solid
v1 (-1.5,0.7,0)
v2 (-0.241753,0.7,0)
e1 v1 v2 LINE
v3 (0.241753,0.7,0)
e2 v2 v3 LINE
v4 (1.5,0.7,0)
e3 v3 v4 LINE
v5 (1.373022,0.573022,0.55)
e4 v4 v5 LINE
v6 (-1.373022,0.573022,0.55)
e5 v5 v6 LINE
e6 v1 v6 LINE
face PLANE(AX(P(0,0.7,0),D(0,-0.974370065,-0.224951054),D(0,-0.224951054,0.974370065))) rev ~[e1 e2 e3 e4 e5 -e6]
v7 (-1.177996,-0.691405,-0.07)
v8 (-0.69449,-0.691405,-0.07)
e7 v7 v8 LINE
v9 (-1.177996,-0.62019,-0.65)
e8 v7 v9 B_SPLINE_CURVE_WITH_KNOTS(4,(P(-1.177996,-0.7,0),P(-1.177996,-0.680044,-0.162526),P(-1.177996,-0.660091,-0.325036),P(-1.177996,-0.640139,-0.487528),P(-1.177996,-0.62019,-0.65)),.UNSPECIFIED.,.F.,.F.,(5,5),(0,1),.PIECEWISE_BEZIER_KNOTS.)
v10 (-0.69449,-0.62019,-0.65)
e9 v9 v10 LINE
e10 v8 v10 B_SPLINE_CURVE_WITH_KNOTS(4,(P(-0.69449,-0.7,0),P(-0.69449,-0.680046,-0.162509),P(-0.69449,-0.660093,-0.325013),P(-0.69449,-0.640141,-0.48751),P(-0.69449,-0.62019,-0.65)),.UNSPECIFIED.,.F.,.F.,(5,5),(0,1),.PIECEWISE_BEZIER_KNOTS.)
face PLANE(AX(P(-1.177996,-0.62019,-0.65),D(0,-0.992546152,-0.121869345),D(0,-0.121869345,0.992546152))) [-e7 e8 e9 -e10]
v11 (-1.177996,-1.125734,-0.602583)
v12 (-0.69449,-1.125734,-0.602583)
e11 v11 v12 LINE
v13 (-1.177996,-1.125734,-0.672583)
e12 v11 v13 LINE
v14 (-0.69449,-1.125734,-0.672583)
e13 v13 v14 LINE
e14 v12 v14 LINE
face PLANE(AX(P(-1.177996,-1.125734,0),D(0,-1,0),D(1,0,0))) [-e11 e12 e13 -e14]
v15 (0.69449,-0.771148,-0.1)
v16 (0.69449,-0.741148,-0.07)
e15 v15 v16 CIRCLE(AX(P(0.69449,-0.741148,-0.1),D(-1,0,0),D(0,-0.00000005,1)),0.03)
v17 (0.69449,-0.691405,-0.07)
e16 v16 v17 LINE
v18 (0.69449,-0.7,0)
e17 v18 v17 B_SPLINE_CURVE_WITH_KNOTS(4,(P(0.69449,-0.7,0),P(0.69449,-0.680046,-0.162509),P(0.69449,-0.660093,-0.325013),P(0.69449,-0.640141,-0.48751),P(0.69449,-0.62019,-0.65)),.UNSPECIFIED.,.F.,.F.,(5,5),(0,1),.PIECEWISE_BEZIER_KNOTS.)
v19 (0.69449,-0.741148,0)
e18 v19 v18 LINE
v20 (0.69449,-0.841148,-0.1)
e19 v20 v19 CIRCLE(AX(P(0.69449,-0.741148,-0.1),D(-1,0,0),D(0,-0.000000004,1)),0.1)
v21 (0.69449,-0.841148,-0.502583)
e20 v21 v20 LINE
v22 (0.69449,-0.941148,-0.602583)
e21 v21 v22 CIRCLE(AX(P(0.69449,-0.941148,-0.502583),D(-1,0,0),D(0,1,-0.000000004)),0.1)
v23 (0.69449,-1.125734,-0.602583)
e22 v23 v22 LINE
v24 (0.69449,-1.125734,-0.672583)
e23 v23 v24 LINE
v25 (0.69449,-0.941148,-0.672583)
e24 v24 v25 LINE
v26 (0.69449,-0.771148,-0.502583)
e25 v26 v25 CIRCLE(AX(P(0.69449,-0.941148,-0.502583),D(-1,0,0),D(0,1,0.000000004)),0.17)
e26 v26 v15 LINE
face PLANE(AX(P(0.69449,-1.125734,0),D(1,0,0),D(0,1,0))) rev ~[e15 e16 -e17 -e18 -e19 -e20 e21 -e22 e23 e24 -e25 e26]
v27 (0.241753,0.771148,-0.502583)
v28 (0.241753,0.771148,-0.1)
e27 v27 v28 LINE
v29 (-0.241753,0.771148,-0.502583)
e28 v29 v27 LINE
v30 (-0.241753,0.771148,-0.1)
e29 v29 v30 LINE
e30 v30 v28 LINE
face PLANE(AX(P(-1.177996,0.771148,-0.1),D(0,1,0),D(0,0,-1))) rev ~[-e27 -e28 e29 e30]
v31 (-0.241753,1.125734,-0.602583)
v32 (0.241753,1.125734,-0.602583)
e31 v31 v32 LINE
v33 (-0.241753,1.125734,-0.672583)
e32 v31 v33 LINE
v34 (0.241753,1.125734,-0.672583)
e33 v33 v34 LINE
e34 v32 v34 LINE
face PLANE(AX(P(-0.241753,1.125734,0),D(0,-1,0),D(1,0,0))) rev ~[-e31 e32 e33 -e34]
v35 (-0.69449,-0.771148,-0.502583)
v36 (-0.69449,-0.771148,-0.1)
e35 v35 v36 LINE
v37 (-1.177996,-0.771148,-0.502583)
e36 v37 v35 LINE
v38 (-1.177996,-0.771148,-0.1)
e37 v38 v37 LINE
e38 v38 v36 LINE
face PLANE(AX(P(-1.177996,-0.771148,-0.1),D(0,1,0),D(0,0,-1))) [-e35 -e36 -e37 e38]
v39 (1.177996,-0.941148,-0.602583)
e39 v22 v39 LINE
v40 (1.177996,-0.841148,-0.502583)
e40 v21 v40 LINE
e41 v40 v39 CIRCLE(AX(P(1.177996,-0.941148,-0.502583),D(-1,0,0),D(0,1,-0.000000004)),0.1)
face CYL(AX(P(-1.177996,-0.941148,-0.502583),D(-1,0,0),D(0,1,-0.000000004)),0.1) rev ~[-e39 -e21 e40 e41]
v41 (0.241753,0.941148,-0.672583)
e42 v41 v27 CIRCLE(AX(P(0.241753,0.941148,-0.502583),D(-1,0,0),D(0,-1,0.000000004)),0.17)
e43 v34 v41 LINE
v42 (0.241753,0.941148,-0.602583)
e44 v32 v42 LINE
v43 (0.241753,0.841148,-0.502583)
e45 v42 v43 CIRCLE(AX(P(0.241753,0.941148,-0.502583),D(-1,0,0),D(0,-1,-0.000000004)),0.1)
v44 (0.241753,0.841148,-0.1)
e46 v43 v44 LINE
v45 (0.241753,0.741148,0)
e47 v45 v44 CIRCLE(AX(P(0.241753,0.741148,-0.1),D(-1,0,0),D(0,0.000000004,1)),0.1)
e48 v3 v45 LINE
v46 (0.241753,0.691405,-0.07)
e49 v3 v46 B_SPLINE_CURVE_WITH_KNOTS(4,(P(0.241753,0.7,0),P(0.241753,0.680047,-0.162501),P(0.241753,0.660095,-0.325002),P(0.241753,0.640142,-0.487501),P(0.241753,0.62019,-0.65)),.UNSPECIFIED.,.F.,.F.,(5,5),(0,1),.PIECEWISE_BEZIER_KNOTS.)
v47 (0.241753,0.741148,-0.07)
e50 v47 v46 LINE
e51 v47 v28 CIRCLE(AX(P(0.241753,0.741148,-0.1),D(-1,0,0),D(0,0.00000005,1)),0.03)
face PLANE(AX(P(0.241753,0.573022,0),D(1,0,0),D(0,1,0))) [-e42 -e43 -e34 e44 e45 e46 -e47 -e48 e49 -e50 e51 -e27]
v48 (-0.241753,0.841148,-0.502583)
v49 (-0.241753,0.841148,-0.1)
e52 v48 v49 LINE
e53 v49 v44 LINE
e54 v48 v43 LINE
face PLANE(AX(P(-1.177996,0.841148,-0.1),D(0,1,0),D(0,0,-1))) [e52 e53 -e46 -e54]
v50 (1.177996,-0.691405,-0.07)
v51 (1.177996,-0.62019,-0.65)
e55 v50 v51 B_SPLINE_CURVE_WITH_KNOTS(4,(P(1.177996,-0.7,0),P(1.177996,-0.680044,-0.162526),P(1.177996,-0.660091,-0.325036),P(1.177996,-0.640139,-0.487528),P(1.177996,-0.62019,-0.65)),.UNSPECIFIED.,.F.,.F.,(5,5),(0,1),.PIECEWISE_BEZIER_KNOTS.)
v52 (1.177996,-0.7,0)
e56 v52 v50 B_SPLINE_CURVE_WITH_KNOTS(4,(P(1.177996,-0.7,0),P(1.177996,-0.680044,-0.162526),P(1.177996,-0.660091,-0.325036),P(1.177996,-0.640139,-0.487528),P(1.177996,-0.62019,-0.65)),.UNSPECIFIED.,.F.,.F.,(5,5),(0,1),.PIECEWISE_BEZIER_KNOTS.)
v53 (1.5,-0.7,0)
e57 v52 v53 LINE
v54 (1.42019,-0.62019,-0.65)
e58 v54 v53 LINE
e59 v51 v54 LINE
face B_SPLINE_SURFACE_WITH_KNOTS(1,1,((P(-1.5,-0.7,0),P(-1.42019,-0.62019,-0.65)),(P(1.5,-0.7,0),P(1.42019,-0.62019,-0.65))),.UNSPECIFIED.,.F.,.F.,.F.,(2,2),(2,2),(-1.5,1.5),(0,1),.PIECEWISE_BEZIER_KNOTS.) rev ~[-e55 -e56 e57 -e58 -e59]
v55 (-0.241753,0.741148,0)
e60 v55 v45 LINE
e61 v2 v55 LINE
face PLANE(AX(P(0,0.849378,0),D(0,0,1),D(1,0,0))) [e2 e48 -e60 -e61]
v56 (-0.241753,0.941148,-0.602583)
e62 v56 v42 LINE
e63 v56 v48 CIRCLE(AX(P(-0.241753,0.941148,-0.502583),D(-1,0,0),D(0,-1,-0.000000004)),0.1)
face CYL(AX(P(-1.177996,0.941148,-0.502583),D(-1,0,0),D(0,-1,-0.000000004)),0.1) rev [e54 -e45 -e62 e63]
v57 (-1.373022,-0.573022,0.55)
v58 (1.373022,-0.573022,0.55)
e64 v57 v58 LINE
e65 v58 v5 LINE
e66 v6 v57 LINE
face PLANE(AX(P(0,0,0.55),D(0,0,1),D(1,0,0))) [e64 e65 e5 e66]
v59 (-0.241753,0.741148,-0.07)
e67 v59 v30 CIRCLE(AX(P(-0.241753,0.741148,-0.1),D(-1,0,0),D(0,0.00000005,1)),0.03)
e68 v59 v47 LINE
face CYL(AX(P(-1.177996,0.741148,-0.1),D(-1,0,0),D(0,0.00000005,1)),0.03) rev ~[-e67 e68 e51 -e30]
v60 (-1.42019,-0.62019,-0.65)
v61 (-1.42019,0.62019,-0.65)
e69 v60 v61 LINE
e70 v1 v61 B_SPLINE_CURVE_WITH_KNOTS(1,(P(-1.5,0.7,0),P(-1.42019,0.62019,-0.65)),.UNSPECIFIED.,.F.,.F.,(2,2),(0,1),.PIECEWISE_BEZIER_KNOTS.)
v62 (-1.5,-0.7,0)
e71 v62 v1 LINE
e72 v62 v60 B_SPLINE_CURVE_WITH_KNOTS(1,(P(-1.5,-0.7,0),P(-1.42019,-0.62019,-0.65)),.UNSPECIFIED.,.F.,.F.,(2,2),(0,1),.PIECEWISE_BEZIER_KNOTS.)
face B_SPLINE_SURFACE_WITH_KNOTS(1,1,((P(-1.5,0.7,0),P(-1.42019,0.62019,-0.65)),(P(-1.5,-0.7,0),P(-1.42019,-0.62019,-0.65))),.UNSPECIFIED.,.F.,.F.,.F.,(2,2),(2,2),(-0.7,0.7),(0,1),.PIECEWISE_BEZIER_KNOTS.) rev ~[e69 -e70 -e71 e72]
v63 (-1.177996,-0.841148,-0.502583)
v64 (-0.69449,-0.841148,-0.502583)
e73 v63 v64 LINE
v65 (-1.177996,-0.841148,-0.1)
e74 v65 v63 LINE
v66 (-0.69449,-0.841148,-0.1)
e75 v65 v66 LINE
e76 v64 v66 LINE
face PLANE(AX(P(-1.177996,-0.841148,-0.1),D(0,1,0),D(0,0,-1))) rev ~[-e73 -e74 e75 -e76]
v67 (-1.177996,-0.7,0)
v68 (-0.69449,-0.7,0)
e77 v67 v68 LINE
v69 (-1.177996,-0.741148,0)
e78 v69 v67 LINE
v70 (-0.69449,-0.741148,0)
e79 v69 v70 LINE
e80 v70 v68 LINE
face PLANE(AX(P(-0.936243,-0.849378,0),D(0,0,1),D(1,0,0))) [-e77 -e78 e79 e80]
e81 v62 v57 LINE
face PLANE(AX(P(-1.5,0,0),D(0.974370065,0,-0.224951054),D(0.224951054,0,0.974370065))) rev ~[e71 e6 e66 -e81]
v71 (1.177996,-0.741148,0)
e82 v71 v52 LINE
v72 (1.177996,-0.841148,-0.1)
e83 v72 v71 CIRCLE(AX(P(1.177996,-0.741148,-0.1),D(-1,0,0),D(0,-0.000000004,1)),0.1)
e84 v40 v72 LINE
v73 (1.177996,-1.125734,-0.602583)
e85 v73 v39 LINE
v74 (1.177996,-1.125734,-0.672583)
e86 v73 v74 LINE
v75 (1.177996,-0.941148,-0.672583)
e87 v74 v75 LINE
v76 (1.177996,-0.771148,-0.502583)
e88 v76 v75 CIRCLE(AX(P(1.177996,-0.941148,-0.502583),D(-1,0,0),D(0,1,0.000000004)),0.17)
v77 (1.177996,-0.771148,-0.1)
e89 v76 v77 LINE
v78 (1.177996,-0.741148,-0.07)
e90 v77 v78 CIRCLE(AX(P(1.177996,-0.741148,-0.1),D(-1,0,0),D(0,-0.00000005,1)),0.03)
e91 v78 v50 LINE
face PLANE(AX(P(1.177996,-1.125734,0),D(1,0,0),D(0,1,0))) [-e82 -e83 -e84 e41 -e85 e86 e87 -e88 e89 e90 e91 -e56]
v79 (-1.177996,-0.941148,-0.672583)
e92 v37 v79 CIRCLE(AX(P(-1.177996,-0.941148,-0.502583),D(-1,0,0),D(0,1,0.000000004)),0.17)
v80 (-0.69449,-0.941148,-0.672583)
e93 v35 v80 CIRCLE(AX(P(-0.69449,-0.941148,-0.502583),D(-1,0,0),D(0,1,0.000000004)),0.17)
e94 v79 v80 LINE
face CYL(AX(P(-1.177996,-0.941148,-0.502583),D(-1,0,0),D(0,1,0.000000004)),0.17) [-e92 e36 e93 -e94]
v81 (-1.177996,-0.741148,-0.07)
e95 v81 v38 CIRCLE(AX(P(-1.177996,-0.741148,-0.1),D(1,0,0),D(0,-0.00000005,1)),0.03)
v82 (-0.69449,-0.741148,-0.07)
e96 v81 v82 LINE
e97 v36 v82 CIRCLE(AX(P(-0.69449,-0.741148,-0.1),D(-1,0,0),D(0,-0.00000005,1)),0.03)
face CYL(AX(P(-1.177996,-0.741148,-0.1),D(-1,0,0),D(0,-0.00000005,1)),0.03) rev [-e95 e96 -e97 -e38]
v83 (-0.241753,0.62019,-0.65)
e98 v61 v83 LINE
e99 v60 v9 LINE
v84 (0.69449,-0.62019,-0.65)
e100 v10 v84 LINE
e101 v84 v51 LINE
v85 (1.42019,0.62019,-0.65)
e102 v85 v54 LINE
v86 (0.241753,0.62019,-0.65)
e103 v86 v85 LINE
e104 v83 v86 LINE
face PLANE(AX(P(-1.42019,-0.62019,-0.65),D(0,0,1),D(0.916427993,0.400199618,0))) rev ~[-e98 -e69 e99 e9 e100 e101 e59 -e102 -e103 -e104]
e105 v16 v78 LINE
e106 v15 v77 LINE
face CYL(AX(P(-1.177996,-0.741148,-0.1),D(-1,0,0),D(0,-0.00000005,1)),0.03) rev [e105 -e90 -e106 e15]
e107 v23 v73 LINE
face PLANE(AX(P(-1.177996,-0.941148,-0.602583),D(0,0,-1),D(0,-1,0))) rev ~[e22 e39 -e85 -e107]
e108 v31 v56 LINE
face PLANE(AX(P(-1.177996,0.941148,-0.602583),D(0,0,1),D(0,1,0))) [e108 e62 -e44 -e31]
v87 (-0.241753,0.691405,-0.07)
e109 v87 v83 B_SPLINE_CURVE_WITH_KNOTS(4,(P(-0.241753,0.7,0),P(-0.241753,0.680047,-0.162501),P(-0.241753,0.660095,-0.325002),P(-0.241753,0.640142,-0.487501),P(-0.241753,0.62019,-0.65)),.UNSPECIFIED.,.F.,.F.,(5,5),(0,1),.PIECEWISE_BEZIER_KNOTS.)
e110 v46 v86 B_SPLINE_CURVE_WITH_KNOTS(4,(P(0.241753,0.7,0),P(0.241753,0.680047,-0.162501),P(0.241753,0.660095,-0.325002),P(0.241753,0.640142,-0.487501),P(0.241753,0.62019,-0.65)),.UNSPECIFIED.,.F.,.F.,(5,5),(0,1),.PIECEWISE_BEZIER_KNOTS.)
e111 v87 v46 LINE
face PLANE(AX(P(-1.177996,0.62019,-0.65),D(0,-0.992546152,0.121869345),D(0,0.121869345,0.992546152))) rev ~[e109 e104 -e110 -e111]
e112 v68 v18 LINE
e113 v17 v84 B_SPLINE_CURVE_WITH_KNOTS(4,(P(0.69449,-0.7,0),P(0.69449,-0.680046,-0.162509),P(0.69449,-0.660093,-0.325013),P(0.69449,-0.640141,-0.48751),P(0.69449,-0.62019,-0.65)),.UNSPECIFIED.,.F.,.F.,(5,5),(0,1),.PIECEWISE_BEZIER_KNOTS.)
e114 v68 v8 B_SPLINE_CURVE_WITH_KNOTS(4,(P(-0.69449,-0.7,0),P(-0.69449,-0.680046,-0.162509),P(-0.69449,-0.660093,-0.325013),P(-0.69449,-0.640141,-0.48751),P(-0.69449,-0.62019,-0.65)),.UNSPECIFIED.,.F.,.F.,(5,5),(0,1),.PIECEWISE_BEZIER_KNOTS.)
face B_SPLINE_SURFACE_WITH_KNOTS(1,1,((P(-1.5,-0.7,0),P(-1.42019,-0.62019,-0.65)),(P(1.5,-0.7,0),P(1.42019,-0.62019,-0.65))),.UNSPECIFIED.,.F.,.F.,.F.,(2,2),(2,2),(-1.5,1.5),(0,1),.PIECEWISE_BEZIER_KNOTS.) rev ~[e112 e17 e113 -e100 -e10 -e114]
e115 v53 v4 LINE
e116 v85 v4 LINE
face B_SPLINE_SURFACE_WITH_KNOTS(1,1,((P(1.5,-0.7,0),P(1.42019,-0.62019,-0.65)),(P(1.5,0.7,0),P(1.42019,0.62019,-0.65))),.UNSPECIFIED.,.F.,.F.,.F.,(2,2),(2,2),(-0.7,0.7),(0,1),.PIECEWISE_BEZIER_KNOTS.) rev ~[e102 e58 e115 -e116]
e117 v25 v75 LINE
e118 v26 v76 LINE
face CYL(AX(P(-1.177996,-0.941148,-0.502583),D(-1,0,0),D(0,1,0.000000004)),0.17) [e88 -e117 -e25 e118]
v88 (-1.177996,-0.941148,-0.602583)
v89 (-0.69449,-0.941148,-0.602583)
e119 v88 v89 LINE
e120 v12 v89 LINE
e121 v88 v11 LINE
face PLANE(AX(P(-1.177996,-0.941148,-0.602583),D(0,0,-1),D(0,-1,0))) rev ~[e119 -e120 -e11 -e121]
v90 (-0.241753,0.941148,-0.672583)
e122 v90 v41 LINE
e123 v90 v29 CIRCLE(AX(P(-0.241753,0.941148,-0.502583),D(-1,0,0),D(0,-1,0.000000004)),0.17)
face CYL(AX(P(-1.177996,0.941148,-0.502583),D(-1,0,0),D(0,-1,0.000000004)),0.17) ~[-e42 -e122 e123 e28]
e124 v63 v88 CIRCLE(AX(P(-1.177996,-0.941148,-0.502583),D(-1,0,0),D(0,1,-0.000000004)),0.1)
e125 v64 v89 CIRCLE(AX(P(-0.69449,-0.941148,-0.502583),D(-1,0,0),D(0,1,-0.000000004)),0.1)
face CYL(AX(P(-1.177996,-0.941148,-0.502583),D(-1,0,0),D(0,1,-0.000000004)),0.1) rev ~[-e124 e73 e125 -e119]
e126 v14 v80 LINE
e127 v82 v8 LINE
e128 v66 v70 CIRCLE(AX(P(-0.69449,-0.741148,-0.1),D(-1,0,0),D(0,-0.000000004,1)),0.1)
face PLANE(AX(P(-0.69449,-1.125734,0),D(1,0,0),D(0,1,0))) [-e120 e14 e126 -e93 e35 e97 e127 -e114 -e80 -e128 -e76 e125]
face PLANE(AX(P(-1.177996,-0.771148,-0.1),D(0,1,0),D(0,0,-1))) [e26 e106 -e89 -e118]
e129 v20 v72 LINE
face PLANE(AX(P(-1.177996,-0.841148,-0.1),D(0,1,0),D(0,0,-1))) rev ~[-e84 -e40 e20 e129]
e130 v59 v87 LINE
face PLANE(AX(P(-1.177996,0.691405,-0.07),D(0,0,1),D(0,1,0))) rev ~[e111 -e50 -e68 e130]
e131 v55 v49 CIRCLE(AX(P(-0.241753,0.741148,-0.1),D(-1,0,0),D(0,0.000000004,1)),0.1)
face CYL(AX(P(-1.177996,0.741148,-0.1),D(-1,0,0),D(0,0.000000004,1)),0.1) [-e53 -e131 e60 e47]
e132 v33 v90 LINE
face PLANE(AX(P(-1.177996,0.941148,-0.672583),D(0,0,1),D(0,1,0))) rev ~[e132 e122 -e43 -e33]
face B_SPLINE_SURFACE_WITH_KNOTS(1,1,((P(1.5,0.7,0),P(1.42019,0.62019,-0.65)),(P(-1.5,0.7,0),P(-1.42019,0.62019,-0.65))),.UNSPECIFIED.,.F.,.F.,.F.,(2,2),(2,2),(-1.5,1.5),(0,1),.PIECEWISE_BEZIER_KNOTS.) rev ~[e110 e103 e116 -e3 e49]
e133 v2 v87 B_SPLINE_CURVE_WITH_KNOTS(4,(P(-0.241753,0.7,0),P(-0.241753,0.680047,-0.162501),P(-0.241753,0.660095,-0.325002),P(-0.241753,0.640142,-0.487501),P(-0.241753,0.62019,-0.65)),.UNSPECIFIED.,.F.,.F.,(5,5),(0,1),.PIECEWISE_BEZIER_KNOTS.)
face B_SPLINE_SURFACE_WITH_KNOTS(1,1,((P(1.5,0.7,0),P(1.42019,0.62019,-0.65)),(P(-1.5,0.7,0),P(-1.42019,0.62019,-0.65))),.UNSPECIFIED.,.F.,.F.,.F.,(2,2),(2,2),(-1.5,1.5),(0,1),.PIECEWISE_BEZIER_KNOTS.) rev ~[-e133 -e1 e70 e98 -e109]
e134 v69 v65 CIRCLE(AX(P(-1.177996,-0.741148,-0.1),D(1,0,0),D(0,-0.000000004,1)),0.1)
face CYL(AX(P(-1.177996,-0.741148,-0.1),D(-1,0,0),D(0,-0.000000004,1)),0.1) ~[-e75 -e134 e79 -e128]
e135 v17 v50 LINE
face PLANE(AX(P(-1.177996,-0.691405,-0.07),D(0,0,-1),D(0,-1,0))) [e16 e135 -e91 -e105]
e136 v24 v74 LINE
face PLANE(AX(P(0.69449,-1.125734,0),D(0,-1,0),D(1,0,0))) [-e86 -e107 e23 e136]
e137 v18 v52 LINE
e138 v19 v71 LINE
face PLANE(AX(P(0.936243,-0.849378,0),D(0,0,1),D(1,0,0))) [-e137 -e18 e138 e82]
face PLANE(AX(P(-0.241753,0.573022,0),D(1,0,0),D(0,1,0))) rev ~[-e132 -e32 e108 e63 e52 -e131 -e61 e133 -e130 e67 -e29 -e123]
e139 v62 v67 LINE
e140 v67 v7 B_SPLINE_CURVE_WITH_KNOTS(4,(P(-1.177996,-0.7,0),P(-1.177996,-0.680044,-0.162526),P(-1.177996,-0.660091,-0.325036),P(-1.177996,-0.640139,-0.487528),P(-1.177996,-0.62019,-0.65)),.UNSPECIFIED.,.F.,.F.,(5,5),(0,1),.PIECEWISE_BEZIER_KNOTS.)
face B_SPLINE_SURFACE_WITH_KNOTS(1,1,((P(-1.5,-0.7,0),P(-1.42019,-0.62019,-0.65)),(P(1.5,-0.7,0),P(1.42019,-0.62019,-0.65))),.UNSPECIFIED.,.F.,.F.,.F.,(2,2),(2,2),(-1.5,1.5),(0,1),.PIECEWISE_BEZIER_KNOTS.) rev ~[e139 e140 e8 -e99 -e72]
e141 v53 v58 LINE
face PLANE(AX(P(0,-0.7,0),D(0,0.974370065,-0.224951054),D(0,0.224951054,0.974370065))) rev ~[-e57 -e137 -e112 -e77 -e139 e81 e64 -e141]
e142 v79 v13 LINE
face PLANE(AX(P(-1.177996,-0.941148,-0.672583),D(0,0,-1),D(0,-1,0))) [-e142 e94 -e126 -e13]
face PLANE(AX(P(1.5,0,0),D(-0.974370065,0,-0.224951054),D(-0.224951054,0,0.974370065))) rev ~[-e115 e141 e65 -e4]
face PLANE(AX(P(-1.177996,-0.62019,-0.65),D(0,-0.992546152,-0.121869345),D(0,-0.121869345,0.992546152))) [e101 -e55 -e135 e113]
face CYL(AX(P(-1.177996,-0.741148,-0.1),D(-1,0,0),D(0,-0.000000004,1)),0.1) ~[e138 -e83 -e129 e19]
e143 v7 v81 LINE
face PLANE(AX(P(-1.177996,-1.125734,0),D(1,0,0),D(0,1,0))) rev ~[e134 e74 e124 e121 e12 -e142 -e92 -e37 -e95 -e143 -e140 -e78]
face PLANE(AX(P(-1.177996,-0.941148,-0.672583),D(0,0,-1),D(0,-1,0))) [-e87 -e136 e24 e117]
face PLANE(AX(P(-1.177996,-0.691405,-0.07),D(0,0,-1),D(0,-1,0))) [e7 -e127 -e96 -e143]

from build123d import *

# Parameters (mm, degrees)
CROQUIS1_W                        = 3
CROQUIS1_H                        = 1.4
SALIENTE_EXTRUIR1_DEPTH           = 0.55
SALIENTE_EXTRUIR1_TAPER           = 13
SALIENTE_EXTRUIR1_OTHER_WAY_DEPTH = 0.65
SALIENTE_EXTRUIR1_OTHER_WAY_TAPER = 7
CROQUIS5_W                        = 0.48350588
CROQUIS5_H                        = 0.55271101
SALIENTE_EXTRUIR5_DEPTH           = 0.69
CORTAR_EXTRUIR2_DEPTH             = 2.69


with BuildPart() as part:
    # Croquis1 → Saliente-Extruir1 (new body)
    with BuildSketch(Plane.XY):
        Rectangle(CROQUIS1_W, CROQUIS1_H)
    extrude(amount=SALIENTE_EXTRUIR1_DEPTH, taper=SALIENTE_EXTRUIR1_TAPER)

    # Croquis1 → Saliente-Extruir1 other way (add)
    with BuildSketch(Plane.XY):
        Rectangle(CROQUIS1_W, CROQUIS1_H)
    extrude(amount=-SALIENTE_EXTRUIR1_OTHER_WAY_DEPTH, taper=SALIENTE_EXTRUIR1_OTHER_WAY_TAPER)

    # Croquis5 → Saliente-Extruir5 (add)
    with BuildSketch(Plane.XY):
        with Locations((-0.936243204, -0.849378)):
            Rectangle(CROQUIS5_W, CROQUIS5_H)
        with Locations((0.936243204, -0.849378)):
            Rectangle(CROQUIS5_W, CROQUIS5_H)
        with Locations((0, 0.849378)):
            Rectangle(CROQUIS5_W, CROQUIS5_H)
    extrude(amount=-SALIENTE_EXTRUIR5_DEPTH)

    # Croquis7 → Cortar-Extruir2 (cut)
    with BuildSketch(Plane.ZY.offset(1.177996144)):
        with BuildLine():
            Line((-0.602582914, -1.125733505), (0, -1.125733505))
            Line((0, -1.125733505), (0, -0.741148346))
            ThreePointArc((0, -0.741148346), (-0.029289322, -0.811859024), (-0.1, -0.841148346))
            Line((-0.1, -0.841148346), (-0.502582914, -0.841148346))
            ThreePointArc((-0.502582914, -0.841148346), (-0.573293592, -0.870437668), (-0.602582914, -0.941148346))
            Line((-0.602582914, -0.941148346), (-0.602582914, -1.125733505))
        make_face()
        with BuildLine():
            Line((-0.07, -0.691405081), (-0.07, -0.741148346))
            ThreePointArc((-0.07, -0.741148346), (-0.078786797, -0.762361549), (-0.1, -0.771148346))
            Line((-0.1, -0.771148346), (-0.502582914, -0.771148346))
            ThreePointArc((-0.502582914, -0.771148346), (-0.622791067, -0.820940193), (-0.672582914, -0.941148346))
            Line((-0.672582914, -0.941148346), (-0.672582914, -1.125733505))
            Line((-0.672582914, -1.125733505), (-0.69, -1.125733505))
            Line((-0.69, -1.125733505), (-0.69, -0.573022495))
            Line((-0.69, -0.573022495), (-0.65, -0.573022495))
            Line((-0.65, -0.573022495), (-0.65, -0.620190035))
            Line((-0.65, -0.620190035), (-0.07, -0.691405081))
        make_face()
        with BuildLine():
            Line((-0.672582914, 0.941148346), (-0.672582914, 1.125733505))
            Line((-0.672582914, 1.125733505), (-0.69, 1.125733505))
            Line((-0.69, 1.125733505), (-0.69, 0.573022495))
            Line((-0.69, 0.573022495), (-0.65, 0.573022495))
            Line((-0.65, 0.573022495), (-0.65, 0.620190035))
            Line((-0.65, 0.620190035), (-0.07, 0.691405081))
            Line((-0.07, 0.691405081), (-0.07, 0.741148346))
            ThreePointArc((-0.07, 0.741148346), (-0.078786797, 0.762361549), (-0.1, 0.771148346))
            Line((-0.1, 0.771148346), (-0.502582914, 0.771148346))
            ThreePointArc((-0.502582914, 0.771148346), (-0.622791067, 0.820940193), (-0.672582914, 0.941148346))
        make_face()
        with BuildLine():
            Line((0, 1.125733505), (0, 0.741148346))
            ThreePointArc((0, 0.741148346), (-0.029289322, 0.811859024), (-0.1, 0.841148346))
            Line((-0.1, 0.841148346), (-0.502582914, 0.841148346))
            ThreePointArc((-0.502582914, 0.841148346), (-0.573293592, 0.870437668), (-0.602582914, 0.941148346))
            Line((-0.602582914, 0.941148346), (-0.602582914, 1.125733505))
            Line((-0.602582914, 1.125733505), (0, 1.125733505))
        make_face()
    extrude(amount=-CORTAR_EXTRUIR2_DEPTH, mode=Mode.SUBTRACT)


solid = part.part
